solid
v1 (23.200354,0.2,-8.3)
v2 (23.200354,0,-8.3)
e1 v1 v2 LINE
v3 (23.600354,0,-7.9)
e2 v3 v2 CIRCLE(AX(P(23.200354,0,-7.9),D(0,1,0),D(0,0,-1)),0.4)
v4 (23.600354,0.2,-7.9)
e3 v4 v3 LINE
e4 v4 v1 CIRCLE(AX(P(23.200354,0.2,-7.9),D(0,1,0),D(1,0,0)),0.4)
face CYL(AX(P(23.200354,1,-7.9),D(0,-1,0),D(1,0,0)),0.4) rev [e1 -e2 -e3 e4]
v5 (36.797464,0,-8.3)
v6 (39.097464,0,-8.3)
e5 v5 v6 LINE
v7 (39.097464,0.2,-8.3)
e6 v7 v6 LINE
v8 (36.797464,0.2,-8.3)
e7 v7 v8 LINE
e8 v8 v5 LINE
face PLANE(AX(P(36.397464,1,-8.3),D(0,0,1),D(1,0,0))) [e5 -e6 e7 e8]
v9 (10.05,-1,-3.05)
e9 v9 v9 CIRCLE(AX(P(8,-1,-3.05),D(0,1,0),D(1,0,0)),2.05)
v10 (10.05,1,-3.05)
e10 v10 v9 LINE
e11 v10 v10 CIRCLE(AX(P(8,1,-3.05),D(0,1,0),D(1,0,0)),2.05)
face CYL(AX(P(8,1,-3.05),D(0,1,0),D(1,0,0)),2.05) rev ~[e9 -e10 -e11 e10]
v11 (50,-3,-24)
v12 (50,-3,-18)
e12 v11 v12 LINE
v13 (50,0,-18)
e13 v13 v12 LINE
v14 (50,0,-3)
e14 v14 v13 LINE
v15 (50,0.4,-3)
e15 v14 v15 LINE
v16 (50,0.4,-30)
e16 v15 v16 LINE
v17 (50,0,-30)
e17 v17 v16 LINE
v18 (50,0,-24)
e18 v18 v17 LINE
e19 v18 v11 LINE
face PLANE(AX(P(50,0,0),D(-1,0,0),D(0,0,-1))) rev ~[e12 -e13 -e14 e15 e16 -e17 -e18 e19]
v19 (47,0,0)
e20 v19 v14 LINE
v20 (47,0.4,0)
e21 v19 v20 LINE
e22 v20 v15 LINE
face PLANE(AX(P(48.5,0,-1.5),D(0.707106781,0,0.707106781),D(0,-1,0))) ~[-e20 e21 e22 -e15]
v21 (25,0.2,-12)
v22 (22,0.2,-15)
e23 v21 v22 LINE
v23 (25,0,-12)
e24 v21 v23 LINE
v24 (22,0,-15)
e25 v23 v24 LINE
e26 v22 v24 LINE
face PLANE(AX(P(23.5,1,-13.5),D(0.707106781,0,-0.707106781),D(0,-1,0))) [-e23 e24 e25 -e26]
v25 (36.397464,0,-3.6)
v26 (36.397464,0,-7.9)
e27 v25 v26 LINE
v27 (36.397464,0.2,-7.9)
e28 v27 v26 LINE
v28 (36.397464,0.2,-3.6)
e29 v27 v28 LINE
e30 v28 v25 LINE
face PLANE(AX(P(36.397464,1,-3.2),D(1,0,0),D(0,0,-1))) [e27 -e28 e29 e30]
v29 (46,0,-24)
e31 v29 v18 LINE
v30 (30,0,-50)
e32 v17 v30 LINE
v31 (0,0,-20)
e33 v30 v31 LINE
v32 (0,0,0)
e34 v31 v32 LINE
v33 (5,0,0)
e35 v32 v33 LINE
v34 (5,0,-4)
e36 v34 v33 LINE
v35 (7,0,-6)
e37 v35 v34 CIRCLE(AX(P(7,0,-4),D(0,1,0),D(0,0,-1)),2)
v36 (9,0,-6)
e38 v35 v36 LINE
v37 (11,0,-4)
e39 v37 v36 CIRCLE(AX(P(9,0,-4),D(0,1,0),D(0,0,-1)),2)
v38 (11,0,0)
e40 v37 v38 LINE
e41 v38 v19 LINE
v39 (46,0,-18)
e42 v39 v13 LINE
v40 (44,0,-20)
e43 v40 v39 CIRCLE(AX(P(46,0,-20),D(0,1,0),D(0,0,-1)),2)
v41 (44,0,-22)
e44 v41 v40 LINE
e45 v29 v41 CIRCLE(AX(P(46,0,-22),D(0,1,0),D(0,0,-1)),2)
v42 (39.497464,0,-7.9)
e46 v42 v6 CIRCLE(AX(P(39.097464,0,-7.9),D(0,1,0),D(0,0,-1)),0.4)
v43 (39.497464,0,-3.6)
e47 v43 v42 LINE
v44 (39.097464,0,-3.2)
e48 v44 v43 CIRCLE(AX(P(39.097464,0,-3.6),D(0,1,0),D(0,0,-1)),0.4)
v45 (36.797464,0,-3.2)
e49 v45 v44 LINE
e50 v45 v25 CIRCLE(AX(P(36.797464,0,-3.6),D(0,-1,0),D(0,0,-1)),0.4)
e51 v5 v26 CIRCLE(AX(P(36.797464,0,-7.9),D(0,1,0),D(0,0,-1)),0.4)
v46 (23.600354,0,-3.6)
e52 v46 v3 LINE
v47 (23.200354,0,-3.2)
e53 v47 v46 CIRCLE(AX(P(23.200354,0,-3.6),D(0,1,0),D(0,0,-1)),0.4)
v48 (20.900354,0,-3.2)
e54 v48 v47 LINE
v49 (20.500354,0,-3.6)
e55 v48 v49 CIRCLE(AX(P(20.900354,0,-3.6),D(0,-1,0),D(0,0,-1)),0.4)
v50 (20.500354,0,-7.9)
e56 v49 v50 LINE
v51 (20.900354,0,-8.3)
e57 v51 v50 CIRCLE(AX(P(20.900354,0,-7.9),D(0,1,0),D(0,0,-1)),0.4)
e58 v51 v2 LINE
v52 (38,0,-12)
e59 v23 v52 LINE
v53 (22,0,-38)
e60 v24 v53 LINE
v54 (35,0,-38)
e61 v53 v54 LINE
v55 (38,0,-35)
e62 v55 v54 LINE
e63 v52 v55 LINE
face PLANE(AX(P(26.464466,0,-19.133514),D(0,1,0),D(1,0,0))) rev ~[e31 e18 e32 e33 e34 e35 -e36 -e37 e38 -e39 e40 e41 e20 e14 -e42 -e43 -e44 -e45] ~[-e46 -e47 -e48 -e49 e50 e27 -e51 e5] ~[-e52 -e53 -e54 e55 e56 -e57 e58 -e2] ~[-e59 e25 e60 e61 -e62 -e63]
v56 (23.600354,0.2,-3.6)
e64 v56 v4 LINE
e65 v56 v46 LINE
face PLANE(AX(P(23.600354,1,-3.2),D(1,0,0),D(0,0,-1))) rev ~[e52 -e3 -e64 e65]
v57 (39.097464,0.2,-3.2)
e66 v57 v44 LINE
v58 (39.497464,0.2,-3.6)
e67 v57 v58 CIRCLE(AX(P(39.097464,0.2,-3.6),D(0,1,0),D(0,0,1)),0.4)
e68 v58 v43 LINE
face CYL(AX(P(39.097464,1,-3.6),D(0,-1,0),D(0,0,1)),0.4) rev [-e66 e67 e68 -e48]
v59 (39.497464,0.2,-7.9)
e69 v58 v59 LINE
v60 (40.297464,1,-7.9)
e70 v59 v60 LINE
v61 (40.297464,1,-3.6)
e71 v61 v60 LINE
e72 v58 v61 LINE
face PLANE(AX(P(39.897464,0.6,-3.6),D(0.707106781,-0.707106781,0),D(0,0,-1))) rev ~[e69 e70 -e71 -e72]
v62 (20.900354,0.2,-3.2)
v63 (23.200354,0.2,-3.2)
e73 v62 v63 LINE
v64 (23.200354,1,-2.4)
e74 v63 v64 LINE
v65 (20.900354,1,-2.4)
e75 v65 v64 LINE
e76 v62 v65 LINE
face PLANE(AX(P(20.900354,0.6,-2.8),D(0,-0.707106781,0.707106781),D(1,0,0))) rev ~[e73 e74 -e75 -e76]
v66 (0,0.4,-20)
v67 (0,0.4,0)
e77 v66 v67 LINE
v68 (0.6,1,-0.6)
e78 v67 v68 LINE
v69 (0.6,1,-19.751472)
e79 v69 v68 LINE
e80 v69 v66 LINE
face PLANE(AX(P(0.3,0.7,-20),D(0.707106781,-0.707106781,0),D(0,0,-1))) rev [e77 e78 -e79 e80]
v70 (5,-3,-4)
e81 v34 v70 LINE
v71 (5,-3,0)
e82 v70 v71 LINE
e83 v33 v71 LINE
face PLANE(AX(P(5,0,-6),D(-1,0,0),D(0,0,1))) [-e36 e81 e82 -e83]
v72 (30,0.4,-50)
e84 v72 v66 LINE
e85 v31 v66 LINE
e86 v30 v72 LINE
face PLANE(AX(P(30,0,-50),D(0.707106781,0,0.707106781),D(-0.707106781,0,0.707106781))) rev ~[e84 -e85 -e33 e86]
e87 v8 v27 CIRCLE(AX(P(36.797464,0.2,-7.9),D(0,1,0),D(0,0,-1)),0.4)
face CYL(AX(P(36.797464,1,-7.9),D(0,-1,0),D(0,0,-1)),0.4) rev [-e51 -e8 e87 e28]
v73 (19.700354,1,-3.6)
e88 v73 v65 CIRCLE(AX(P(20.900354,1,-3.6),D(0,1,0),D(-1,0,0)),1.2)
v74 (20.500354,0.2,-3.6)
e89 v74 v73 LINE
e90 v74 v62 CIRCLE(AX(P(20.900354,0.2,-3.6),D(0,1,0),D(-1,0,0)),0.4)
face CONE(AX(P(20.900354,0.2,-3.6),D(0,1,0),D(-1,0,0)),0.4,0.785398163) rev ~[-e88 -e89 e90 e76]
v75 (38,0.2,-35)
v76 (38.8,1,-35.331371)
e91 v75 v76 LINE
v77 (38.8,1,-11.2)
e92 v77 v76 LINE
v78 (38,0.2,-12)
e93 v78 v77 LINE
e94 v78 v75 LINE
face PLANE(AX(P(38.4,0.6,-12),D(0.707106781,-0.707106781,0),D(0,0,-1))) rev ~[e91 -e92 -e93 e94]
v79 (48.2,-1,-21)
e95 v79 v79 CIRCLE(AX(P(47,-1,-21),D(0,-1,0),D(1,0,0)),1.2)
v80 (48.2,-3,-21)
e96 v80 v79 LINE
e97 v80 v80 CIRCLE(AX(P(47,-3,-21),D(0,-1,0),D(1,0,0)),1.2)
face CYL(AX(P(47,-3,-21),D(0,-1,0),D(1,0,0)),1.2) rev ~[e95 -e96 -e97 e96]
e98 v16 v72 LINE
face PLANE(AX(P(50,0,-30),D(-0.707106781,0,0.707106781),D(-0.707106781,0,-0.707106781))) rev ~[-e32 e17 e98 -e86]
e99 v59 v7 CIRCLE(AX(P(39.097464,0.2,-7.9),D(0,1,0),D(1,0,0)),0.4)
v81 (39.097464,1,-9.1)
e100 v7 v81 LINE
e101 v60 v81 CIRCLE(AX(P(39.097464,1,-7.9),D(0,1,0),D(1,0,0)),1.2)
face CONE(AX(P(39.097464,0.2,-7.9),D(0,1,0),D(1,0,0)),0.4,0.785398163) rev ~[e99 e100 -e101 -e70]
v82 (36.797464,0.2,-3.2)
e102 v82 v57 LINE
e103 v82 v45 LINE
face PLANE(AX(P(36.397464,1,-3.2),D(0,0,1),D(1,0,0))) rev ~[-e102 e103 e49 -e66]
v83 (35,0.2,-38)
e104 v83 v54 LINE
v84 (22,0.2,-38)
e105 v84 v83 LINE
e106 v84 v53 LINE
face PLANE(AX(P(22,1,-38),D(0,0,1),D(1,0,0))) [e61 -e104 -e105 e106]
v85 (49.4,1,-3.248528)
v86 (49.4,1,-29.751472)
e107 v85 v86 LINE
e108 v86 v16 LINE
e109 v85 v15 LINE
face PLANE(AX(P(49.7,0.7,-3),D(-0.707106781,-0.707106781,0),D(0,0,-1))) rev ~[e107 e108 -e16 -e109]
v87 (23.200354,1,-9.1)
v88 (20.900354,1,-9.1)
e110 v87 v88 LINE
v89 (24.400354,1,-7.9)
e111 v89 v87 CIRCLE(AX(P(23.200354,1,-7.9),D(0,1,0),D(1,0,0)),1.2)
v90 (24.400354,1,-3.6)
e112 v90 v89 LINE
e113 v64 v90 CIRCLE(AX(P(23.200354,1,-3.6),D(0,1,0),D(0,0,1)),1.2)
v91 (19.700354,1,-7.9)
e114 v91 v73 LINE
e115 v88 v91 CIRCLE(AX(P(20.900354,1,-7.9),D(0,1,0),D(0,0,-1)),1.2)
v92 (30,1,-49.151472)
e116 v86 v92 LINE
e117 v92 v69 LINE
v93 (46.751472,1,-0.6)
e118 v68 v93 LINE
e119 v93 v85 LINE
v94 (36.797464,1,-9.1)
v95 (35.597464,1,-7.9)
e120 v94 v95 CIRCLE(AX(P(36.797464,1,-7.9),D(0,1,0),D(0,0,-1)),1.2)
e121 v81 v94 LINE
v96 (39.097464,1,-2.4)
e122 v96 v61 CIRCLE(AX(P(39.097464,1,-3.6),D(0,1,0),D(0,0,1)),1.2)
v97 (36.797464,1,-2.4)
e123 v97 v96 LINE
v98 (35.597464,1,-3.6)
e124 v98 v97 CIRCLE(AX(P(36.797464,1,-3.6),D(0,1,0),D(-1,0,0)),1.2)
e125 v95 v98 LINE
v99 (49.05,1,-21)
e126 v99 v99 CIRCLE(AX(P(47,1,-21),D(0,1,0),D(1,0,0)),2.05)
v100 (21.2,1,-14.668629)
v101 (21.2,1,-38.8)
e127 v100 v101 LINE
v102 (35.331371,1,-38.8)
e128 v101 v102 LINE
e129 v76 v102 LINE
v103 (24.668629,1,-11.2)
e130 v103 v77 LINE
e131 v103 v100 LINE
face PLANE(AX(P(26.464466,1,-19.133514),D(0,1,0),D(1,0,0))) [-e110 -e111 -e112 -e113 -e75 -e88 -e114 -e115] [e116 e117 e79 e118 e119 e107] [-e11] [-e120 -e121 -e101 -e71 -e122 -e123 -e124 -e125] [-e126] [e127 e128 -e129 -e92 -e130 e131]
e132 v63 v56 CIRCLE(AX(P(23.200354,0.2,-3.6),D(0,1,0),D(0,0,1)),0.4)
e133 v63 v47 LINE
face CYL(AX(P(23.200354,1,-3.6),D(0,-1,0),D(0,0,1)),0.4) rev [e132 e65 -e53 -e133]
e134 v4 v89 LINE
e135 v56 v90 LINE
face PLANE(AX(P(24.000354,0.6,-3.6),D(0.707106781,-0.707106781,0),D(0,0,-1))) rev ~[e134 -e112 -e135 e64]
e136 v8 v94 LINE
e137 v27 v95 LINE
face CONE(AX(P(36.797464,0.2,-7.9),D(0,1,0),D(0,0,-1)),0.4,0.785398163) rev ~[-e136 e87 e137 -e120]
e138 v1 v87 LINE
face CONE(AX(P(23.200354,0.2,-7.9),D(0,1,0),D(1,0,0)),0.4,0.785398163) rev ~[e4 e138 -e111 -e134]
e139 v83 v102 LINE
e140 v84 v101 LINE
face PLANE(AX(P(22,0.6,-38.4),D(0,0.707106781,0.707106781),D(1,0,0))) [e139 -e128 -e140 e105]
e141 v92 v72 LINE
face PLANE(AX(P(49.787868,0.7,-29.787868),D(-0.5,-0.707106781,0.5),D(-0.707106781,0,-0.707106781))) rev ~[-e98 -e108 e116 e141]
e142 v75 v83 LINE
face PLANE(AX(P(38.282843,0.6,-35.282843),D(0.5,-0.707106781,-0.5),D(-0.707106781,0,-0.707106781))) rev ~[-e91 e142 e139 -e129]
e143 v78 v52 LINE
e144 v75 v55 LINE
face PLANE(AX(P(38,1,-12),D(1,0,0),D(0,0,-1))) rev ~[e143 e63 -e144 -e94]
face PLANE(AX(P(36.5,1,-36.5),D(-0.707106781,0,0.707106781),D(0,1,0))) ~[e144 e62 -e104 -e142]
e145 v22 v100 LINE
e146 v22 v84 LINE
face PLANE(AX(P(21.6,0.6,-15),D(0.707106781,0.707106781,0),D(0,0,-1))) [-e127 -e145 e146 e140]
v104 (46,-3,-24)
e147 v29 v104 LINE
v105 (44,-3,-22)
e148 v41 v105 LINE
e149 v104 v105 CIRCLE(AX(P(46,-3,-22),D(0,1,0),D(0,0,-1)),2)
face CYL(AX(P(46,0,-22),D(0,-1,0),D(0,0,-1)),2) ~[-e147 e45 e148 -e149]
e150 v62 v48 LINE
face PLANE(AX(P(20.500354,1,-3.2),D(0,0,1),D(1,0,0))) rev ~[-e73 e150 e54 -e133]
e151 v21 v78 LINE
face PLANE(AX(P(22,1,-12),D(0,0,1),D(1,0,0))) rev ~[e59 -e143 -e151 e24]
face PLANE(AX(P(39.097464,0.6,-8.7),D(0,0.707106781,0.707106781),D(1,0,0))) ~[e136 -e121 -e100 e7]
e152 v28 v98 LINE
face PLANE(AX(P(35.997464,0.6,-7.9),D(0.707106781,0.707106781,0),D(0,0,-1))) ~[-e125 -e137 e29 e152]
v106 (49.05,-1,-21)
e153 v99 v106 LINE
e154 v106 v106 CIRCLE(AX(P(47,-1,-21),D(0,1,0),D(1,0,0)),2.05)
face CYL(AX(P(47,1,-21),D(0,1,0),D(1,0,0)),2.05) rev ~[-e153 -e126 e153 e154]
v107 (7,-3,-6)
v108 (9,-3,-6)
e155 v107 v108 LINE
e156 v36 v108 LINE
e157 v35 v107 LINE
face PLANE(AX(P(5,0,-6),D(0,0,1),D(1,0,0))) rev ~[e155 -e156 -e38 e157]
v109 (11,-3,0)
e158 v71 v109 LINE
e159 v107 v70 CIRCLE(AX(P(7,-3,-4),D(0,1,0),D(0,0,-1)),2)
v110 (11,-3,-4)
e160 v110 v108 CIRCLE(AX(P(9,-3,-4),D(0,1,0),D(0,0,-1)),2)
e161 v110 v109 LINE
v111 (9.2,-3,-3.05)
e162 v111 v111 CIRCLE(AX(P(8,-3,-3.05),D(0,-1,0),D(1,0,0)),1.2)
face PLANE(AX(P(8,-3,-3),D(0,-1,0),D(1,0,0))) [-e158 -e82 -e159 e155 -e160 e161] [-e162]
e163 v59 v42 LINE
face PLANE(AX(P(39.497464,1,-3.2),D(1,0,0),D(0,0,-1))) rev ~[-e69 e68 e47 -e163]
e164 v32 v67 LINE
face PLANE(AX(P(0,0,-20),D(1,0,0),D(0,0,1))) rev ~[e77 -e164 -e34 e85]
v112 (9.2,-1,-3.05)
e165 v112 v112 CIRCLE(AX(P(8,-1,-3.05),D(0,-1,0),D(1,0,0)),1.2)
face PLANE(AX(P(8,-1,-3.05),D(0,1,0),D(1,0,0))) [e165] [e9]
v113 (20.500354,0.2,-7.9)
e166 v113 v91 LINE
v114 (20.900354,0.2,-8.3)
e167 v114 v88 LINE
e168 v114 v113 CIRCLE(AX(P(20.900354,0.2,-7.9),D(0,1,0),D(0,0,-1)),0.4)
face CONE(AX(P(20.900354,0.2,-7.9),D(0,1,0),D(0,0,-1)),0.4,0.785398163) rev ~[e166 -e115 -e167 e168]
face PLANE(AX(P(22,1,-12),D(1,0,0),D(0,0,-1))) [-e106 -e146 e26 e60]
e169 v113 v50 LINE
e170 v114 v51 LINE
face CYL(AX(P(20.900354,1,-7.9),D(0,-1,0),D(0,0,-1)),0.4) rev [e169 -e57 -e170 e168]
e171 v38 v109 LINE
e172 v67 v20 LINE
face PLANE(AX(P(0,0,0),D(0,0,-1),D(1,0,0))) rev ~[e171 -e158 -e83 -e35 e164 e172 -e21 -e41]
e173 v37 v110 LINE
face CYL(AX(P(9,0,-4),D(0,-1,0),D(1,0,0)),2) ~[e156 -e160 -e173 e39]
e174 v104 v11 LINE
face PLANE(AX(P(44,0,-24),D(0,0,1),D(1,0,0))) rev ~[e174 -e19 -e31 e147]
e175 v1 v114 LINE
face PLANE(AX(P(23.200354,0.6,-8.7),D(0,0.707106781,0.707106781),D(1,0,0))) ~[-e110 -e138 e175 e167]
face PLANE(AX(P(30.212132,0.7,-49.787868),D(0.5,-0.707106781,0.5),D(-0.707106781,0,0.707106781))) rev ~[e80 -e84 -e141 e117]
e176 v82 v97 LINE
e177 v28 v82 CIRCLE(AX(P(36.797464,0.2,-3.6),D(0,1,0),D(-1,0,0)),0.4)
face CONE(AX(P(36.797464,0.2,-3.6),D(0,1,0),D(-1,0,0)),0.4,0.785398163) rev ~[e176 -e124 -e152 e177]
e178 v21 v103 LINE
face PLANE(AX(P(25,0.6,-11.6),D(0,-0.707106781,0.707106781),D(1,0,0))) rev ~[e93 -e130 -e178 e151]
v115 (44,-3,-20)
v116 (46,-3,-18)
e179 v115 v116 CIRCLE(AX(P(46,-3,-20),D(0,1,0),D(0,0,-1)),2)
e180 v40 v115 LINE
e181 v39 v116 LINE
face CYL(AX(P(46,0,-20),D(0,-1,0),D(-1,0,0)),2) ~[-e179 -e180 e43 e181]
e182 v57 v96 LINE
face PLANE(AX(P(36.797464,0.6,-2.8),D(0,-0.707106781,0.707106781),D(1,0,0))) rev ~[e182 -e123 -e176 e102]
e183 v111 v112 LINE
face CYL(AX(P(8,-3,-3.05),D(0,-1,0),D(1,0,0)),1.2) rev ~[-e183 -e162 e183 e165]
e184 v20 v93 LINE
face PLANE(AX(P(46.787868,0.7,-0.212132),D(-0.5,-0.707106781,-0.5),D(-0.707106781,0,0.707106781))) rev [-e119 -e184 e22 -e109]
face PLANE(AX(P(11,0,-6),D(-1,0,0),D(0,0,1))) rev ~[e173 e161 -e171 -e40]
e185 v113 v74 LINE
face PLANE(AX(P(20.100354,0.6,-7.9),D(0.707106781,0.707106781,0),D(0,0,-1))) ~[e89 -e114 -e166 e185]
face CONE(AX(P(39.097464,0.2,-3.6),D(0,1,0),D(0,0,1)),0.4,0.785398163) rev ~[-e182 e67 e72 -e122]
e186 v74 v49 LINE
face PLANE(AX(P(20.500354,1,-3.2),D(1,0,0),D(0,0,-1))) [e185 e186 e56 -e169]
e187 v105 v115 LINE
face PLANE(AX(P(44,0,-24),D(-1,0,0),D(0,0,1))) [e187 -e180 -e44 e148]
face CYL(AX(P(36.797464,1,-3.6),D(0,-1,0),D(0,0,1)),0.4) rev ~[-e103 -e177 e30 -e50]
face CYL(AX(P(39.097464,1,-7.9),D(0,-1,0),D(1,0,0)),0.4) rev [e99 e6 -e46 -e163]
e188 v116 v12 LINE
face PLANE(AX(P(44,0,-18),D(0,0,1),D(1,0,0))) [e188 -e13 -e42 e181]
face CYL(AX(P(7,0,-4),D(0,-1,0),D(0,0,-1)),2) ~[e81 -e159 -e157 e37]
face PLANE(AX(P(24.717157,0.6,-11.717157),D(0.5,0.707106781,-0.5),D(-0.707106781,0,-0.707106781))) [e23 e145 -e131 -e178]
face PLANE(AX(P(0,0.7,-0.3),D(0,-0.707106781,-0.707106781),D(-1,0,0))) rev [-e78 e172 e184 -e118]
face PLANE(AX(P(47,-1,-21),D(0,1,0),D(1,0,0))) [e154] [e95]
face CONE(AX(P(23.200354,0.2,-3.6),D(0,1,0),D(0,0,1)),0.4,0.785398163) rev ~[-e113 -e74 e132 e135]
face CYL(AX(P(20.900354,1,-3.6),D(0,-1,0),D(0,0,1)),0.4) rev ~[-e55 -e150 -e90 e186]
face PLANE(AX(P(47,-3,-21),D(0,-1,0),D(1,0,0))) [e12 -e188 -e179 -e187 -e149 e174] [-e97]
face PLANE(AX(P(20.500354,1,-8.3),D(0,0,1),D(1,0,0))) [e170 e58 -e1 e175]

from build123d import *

# Parameters (mm, degrees)
EXTRUDE_1_DEPTH     = 1
CHAMFER_2_SIZE      = 3
CHAMFER_1_SIZE      = 0.6
SKETCH_2_W          = 16
SKETCH_2_H          = 26
CUT_EXTRUDE_1_DEPTH = 10
CHAMFER_3_SIZE      = 3
CHAMFER_4_SIZE      = 0.8
SKETCH_3_W          = 6
SKETCH_3_H          = 6
EXTRUDE_2_DEPTH     = 3
SKETCH_4_R          = 1.2
CUT_EXTRUDE_2_DEPTH = 5
SKETCH_5_R          = 2.05
CUT_EXTRUDE_3_DEPTH = 2
FILLET_1_R          = 2
SKETCH_7_W          = 3.1
SKETCH_7_H          = 5.1
CUT_EXTRUDE_4_DEPTH = 2
FILLET_2_R          = 0.4
CHAMFER_5_SIZE      = 0.8


with BuildPart() as part:
    # 草图1 → 凸台-拉伸1 (new body)
    with BuildSketch(Plane(origin=(0, 0, 0), x_dir=(1, 0, 0), z_dir=(0, 1, 0))):
        Polygon((0, 0), (50, 0), (50, 30), (30, 50), (0, 20), align=None)
    extrude(amount=EXTRUDE_1_DEPTH)

    # 倒角2
    chamfer_2_edges = [part.edges().sort_by_distance(p)[0] for p in [
        (50, 0.5, 0),
    ]]
    chamfer(chamfer_2_edges, length=CHAMFER_2_SIZE)

    # 倒角1
    chamfer_1_edges = [part.edges().sort_by_distance(p)[0] for p in [
        (40, 1, -40),
        (50, 1, -16.5),
        (48.5, 1, -1.5),
        (15, 1, -35),
        (0, 1, -10),
        (23.5, 1, 0),
    ]]
    chamfer(chamfer_1_edges, length=CHAMFER_1_SIZE)

    # 草图2 → 切除-拉伸1 (cut)
    with BuildSketch(Plane(origin=(0, 1, 0), x_dir=(1, 0, 0), z_dir=(0, 1, 0))):
        with Locations((30, 25)):
            Rectangle(SKETCH_2_W, SKETCH_2_H)
    extrude(amount=-CUT_EXTRUDE_1_DEPTH, mode=Mode.SUBTRACT)

    # 倒角3
    chamfer_3_edges = [part.edges().sort_by_distance(p)[0] for p in [
        (22, 0.5, -12),
        (38, 0.5, -38),
    ]]
    chamfer(chamfer_3_edges, length=CHAMFER_3_SIZE)

    # 倒角4
    chamfer_4_edges = [part.edges().sort_by_distance(p)[0] for p in [
        (22, 1, -26.5),
        (38, 1, -23.5),
        (28.5, 1, -38),
        (31.5, 1, -12),
        (36.5, 1, -36.5),
        (23.5, 1, -13.5),
    ]]
    chamfer(chamfer_4_edges, length=CHAMFER_4_SIZE)

    # 草图3 → 凸台-拉伸2 (add)
    with BuildSketch(Plane.XZ):
        with Locations((8, -3)):
            Rectangle(SKETCH_3_W, SKETCH_3_H)
        with Locations((47, -21)):
            Rectangle(SKETCH_3_W, SKETCH_3_H)
    extrude(amount=EXTRUDE_2_DEPTH)

    # 草图4 → 切除-拉伸2 (cut, through all)
    with BuildSketch(Plane.XZ.offset(3)):
        with Locations((8, -3.05)):
            Circle(SKETCH_4_R)
        with Locations((47, -21)):
            Circle(SKETCH_4_R)
    extrude(amount=-CUT_EXTRUDE_2_DEPTH, mode=Mode.SUBTRACT)

    # 草图5 → 切除-拉伸3 (cut)
    with BuildSketch(Plane(origin=(0, 1, 0), x_dir=(1, 0, 0), z_dir=(0, 1, 0))):
        with Locations((8, 3.05)):
            Circle(SKETCH_5_R)
        with Locations((47, 21)):
            Circle(SKETCH_5_R)
    extrude(amount=-CUT_EXTRUDE_3_DEPTH, mode=Mode.SUBTRACT)

    # 圆角1
    fillet_1_edges = [part.edges().sort_by_distance(p)[0] for p in [
        (5, -1.5, -6),
        (11, -1.5, -6),
        (44, -1.5, -18),
        (44, -1.5, -24),
    ]]
    fillet(fillet_1_edges, radius=FILLET_1_R)

    # 草图7 → 切除-拉伸4 (cut)
    with BuildSketch(Plane(origin=(0, 1, 0), x_dir=(1, 0, 0), z_dir=(0, 1, 0))):
        with Locations((37.947463912, 5.75)):
            Rectangle(SKETCH_7_W, SKETCH_7_H)
        with Locations((22.050353573, 5.75)):
            Rectangle(SKETCH_7_W, SKETCH_7_H)
    extrude(amount=-CUT_EXTRUDE_4_DEPTH, mode=Mode.SUBTRACT)

    # 圆角2
    fillet_2_edges = [part.edges().sort_by_distance(p)[0] for p in [
        (20.500353573, 0.5, -8.3),
        (23.600353573, 0.5, -8.3),
        (23.600353573, 0.5, -3.2),
        (20.500353573, 0.5, -3.2),
        (39.497463912, 0.5, -3.2),
        (36.397463912, 0.5, -3.2),
        (36.397463912, 0.5, -8.3),
        (39.497463912, 0.5, -8.3),
    ]]
    fillet(fillet_2_edges, radius=FILLET_2_R)

    # 倒角5
    chamfer_5_edges = [part.edges().sort_by_distance(p)[0] for p in [
        (37.947463912, 1, -3.2),
        (36.397463912, 1, -5.75),
        (37.947463912, 1, -8.3),
        (39.497463912, 1, -5.75),
        (23.600353573, 1, -5.75),
        (22.050353573, 1, -3.2),
        (22.050353573, 1, -8.3),
        (20.500353573, 1, -5.75),
        (36.514621199, 1, -3.317157288),
        (36.514621199, 1, -8.182842712),
        (39.380306624, 1, -8.182842712),
        (39.380306624, 1, -3.317157288),
        (23.483196285, 1, -3.317157288),
        (23.483196285, 1, -8.182842712),
        (20.61751086, 1, -8.182842712),
        (20.61751086, 1, -3.317157288),
    ]]
    chamfer(chamfer_5_edges, length=CHAMFER_5_SIZE)


solid = part.part
